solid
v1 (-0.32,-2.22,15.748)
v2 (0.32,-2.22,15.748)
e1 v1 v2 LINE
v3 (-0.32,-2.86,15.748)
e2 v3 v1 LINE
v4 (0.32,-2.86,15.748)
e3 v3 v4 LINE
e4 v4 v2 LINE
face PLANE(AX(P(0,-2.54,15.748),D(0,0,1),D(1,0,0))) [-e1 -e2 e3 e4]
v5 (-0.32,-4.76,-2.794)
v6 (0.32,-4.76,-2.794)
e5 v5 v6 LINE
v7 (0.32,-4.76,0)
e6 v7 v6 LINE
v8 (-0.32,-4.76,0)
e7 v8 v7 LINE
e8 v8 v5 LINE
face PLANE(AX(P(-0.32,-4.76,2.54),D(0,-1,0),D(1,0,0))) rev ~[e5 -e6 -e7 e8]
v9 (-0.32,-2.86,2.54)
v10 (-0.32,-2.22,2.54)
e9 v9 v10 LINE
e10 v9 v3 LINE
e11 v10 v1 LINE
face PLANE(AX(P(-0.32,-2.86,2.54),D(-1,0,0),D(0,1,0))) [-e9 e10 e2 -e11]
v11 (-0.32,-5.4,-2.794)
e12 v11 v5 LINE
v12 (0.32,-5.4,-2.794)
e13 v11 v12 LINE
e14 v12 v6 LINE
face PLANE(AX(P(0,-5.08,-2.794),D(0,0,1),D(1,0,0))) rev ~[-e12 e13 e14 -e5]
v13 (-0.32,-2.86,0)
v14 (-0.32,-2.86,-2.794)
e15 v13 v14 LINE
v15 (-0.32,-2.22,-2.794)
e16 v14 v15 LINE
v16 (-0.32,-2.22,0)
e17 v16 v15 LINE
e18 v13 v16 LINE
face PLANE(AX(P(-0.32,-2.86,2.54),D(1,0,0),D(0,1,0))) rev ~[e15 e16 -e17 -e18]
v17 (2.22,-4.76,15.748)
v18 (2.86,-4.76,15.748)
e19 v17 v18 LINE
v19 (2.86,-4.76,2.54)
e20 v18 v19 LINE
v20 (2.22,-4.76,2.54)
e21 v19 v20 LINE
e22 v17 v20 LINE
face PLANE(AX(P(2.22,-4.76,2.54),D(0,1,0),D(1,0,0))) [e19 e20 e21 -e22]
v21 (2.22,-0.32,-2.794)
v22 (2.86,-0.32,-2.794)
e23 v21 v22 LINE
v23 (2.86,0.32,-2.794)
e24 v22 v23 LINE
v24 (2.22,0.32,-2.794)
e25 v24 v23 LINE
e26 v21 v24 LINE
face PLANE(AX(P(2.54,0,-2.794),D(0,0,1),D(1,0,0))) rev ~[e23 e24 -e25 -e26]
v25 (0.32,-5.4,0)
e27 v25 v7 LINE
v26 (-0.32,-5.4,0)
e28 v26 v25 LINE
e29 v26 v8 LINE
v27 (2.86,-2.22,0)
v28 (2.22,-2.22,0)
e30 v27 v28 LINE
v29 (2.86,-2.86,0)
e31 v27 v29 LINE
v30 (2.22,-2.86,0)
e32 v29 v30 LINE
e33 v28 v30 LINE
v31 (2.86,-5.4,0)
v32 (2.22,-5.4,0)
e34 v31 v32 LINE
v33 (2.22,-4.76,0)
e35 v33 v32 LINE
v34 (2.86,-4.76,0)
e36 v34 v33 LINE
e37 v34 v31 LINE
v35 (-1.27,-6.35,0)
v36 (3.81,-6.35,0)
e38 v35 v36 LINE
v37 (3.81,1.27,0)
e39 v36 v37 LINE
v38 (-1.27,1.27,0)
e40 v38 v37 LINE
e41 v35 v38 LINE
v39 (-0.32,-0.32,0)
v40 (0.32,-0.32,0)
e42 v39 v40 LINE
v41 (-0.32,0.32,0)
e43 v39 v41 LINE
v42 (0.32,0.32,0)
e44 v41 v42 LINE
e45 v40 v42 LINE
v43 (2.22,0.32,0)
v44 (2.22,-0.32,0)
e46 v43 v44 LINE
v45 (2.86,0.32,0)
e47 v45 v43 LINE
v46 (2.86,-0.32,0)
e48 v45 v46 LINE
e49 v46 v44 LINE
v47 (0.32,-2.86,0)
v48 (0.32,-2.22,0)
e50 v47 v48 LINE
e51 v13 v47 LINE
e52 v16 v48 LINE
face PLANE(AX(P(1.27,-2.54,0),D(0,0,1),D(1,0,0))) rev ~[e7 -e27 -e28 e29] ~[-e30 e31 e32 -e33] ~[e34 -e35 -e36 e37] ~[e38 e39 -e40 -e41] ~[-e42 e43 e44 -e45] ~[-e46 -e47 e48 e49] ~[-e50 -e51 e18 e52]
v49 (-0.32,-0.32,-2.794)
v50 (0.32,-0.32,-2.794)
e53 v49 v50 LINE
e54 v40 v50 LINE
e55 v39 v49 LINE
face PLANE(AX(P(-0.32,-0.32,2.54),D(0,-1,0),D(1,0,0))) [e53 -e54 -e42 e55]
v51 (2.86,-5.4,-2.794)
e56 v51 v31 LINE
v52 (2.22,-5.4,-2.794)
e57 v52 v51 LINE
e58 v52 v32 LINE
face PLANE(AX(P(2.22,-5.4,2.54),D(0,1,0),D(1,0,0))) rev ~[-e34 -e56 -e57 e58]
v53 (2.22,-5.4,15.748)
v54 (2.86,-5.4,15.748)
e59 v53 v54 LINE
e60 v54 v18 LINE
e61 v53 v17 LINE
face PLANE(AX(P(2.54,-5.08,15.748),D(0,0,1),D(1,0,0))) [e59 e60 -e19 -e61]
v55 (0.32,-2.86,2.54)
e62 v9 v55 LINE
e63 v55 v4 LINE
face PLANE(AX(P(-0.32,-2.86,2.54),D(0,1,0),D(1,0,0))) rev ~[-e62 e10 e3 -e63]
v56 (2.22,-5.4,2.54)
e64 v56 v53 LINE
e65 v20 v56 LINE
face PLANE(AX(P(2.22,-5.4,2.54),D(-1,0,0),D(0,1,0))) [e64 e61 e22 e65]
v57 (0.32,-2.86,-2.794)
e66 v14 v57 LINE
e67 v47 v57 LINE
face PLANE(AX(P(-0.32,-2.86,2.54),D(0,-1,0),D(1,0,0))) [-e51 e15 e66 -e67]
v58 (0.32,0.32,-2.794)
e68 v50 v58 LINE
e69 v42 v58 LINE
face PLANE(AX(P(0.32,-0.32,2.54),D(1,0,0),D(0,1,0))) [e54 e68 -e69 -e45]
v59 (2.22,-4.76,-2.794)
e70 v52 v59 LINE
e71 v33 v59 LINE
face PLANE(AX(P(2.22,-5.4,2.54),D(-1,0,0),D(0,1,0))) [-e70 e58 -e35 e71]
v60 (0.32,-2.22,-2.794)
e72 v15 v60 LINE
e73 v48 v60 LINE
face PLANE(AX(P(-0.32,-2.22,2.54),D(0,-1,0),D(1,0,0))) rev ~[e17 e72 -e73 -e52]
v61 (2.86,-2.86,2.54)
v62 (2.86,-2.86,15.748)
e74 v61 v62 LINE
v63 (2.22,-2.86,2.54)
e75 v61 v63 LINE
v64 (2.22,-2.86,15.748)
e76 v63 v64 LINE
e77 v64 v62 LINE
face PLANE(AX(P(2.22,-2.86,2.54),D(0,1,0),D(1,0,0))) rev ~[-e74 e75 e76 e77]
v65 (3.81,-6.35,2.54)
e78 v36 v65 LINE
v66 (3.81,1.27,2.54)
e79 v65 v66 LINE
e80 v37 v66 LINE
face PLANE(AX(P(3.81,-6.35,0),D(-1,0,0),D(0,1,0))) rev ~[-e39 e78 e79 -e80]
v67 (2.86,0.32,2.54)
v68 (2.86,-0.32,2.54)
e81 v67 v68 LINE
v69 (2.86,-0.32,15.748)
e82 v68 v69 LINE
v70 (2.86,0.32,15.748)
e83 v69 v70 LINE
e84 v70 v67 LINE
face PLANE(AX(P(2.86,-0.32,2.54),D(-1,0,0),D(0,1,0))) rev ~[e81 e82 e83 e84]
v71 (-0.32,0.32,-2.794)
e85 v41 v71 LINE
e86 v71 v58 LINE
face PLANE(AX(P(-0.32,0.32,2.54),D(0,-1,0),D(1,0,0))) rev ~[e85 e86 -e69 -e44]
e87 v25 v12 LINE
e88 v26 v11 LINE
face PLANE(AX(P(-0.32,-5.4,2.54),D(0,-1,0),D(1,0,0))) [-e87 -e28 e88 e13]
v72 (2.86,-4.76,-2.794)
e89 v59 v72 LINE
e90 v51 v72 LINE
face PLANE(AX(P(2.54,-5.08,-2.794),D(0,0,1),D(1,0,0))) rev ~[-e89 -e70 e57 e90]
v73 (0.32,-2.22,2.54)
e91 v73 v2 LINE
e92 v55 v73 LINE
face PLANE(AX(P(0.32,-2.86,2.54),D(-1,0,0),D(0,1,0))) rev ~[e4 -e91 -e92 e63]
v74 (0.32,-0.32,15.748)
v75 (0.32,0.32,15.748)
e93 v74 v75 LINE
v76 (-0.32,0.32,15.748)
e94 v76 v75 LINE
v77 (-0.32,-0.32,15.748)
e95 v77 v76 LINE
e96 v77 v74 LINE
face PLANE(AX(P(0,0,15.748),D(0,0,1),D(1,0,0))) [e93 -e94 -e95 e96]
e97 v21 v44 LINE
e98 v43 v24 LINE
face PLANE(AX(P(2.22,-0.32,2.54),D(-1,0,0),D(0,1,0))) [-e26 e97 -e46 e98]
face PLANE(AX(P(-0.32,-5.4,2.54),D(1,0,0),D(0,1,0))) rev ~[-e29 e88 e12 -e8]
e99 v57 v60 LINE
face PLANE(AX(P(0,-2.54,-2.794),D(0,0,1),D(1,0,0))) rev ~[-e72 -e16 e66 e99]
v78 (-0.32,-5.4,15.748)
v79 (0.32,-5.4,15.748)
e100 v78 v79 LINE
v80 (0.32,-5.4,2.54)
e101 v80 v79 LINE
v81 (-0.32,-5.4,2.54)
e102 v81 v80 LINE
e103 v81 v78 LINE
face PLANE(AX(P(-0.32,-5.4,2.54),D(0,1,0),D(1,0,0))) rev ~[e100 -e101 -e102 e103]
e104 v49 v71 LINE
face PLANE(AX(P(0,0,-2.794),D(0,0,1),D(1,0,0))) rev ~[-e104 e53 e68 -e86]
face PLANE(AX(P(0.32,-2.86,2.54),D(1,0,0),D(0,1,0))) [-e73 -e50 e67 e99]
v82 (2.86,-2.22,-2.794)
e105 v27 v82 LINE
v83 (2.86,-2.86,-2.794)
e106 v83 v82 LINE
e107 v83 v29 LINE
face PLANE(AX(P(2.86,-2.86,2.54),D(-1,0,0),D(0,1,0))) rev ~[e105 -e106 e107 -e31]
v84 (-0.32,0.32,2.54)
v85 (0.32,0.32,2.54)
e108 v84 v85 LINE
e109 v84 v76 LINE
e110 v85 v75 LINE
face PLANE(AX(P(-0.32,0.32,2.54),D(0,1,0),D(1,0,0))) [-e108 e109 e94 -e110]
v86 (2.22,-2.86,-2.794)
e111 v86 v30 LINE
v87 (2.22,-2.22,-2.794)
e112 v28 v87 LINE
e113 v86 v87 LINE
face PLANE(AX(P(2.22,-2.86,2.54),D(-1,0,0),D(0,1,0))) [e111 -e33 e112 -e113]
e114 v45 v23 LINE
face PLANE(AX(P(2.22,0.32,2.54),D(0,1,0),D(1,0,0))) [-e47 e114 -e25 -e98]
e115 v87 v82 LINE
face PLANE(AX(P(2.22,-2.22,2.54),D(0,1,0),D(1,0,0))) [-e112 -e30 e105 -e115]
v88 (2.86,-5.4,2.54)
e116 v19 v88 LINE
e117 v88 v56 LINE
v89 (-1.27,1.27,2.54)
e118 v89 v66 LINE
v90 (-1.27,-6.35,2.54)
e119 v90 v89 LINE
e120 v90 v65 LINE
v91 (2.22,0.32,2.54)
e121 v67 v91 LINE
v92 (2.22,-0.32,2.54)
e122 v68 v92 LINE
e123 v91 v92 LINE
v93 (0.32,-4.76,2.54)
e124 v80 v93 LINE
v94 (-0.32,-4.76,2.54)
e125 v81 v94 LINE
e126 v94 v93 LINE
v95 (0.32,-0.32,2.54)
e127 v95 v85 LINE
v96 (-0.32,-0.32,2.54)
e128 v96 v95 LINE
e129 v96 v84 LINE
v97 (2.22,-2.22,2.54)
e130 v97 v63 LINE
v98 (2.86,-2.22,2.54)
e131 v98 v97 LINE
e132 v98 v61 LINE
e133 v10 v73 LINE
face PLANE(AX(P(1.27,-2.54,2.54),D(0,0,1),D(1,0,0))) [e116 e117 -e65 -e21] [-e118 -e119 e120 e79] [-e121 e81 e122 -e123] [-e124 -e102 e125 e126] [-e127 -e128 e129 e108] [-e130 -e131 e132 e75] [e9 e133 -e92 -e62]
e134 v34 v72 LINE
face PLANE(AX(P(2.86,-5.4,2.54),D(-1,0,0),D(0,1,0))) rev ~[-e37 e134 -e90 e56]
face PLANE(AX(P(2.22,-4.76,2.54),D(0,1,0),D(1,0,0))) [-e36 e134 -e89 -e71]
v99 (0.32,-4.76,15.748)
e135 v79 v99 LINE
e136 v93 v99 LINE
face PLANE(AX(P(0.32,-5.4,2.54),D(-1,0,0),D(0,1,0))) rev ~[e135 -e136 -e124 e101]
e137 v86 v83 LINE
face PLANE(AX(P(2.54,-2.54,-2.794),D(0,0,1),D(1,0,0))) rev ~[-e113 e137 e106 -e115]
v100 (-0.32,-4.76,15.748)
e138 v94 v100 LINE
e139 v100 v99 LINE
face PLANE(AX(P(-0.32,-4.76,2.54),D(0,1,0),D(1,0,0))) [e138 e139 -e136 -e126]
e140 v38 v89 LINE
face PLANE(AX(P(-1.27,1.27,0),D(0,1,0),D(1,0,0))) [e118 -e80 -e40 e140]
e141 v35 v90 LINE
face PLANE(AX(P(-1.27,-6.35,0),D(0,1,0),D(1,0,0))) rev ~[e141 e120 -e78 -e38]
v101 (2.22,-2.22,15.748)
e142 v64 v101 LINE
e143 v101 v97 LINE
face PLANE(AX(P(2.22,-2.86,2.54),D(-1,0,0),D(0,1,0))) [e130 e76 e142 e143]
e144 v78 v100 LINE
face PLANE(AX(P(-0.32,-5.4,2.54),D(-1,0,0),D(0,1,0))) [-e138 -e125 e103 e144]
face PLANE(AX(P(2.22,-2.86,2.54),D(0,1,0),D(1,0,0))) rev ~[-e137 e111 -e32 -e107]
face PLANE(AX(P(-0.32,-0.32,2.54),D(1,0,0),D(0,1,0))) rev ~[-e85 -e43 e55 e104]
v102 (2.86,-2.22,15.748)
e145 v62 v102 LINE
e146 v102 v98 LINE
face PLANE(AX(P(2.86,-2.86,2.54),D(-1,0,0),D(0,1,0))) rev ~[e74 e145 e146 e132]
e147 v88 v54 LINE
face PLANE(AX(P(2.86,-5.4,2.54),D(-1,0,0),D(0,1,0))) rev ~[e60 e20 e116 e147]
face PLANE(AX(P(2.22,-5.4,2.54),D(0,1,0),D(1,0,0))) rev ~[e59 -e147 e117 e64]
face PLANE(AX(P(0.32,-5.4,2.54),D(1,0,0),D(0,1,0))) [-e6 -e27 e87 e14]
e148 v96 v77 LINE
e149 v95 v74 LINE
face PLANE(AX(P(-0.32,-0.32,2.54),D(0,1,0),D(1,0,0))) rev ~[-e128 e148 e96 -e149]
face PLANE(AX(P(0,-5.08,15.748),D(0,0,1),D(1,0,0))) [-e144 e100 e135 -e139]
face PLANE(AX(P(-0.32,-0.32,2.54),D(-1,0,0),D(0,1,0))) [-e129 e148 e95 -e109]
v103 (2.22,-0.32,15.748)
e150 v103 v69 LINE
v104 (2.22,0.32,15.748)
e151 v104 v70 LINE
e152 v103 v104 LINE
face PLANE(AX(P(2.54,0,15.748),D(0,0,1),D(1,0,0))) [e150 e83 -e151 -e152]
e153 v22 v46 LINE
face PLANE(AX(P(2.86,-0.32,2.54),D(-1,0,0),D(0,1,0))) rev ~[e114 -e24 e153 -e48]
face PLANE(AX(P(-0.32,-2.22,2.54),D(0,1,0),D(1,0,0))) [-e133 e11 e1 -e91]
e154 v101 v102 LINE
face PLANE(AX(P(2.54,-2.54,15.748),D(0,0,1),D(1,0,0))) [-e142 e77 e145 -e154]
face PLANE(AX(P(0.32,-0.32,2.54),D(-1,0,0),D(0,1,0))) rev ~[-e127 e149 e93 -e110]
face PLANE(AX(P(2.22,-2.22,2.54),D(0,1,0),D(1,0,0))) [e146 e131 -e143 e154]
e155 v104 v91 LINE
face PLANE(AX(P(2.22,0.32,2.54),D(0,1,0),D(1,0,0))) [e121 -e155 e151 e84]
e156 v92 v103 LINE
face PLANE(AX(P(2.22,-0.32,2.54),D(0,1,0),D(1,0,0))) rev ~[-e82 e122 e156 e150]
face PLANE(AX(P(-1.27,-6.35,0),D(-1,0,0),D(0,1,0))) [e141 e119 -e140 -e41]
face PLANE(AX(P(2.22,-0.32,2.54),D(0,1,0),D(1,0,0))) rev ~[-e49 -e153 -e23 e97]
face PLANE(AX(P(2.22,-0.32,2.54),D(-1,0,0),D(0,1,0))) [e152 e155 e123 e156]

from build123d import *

# Parameters (mm, degrees)
SKETCH_W                          = 5.08
SKETCH_H                          = 7.62
PAD_DEPTH                         = 2.54
SKETCH001_W                       = 0.64
SKETCH001_H                       = 0.64
PAD001_DEPTH                      = 13.208
PAD001_DEPTH_BACK                 = 5.334
SKETCH001_LINEARPATTERN_2_W       = 0.64
SKETCH001_LINEARPATTERN_2_H       = 0.64
PAD001_LINEARPATTERN_2_DEPTH      = 13.208
PAD001_LINEARPATTERN_2_DEPTH_BACK = 5.334
SKETCH001_LINEARPATTERN_3_W       = 0.64
SKETCH001_LINEARPATTERN_3_H       = 0.64
PAD001_LINEARPATTERN_3_DEPTH      = 13.208
PAD001_LINEARPATTERN_3_DEPTH_BACK = 5.334
LINEARPATTERN001_COUNT            = 2
LINEARPATTERN001_PITCH            = 2.54


with BuildPart() as part:
    # Sketch → Pad (new body)
    with BuildSketch(Plane.XY):
        with Locations((1.27, -2.54)):
            Rectangle(SKETCH_W, SKETCH_H)
    extrude(amount=PAD_DEPTH)

    # Sketch001 (on Face6 of Pad) → Pad001 (join, two sides)
    with BuildSketch(Plane.XY.offset(2.54)) as pad001_sk:
        Rectangle(SKETCH001_W, SKETCH001_H)
    pad001 = extrude(amount=PAD001_DEPTH) + extrude(pad001_sk.sketch, amount=-PAD001_DEPTH_BACK)

    # Sketch001 LinearPattern 2 → Pad001 LinearPattern 2 (add, two sides)
    with BuildSketch(Plane(origin=(0, -2.54, 2.54), x_dir=(1, 0, 0), z_dir=(0, 0, 1))) as pad001_linearpattern_2_sk:
        Rectangle(SKETCH001_LINEARPATTERN_2_W, SKETCH001_LINEARPATTERN_2_H)
    pad001_linearpattern_2 = extrude(amount=PAD001_LINEARPATTERN_2_DEPTH) + extrude(pad001_linearpattern_2_sk.sketch, amount=-PAD001_LINEARPATTERN_2_DEPTH_BACK)

    # Sketch001 LinearPattern 3 → Pad001 LinearPattern 3 (add, two sides)
    with BuildSketch(Plane(origin=(0, -5.08, 2.54), x_dir=(1, 0, 0), z_dir=(0, 0, 1))) as pad001_linearpattern_3_sk:
        Rectangle(SKETCH001_LINEARPATTERN_3_W, SKETCH001_LINEARPATTERN_3_H)
    pad001_linearpattern_3 = extrude(amount=PAD001_LINEARPATTERN_3_DEPTH) + extrude(pad001_linearpattern_3_sk.sketch, amount=-PAD001_LINEARPATTERN_3_DEPTH_BACK)

    # LinearPattern001: Pad001, Pad001 LinearPattern 2, Pad001 LinearPattern 3 ×2
    with Locations(*[(i * LINEARPATTERN001_PITCH, 0, 0) for i in range(1, LINEARPATTERN001_COUNT)]):
        add(pad001)
        add(pad001_linearpattern_2)
        add(pad001_linearpattern_3)


solid = part.part
